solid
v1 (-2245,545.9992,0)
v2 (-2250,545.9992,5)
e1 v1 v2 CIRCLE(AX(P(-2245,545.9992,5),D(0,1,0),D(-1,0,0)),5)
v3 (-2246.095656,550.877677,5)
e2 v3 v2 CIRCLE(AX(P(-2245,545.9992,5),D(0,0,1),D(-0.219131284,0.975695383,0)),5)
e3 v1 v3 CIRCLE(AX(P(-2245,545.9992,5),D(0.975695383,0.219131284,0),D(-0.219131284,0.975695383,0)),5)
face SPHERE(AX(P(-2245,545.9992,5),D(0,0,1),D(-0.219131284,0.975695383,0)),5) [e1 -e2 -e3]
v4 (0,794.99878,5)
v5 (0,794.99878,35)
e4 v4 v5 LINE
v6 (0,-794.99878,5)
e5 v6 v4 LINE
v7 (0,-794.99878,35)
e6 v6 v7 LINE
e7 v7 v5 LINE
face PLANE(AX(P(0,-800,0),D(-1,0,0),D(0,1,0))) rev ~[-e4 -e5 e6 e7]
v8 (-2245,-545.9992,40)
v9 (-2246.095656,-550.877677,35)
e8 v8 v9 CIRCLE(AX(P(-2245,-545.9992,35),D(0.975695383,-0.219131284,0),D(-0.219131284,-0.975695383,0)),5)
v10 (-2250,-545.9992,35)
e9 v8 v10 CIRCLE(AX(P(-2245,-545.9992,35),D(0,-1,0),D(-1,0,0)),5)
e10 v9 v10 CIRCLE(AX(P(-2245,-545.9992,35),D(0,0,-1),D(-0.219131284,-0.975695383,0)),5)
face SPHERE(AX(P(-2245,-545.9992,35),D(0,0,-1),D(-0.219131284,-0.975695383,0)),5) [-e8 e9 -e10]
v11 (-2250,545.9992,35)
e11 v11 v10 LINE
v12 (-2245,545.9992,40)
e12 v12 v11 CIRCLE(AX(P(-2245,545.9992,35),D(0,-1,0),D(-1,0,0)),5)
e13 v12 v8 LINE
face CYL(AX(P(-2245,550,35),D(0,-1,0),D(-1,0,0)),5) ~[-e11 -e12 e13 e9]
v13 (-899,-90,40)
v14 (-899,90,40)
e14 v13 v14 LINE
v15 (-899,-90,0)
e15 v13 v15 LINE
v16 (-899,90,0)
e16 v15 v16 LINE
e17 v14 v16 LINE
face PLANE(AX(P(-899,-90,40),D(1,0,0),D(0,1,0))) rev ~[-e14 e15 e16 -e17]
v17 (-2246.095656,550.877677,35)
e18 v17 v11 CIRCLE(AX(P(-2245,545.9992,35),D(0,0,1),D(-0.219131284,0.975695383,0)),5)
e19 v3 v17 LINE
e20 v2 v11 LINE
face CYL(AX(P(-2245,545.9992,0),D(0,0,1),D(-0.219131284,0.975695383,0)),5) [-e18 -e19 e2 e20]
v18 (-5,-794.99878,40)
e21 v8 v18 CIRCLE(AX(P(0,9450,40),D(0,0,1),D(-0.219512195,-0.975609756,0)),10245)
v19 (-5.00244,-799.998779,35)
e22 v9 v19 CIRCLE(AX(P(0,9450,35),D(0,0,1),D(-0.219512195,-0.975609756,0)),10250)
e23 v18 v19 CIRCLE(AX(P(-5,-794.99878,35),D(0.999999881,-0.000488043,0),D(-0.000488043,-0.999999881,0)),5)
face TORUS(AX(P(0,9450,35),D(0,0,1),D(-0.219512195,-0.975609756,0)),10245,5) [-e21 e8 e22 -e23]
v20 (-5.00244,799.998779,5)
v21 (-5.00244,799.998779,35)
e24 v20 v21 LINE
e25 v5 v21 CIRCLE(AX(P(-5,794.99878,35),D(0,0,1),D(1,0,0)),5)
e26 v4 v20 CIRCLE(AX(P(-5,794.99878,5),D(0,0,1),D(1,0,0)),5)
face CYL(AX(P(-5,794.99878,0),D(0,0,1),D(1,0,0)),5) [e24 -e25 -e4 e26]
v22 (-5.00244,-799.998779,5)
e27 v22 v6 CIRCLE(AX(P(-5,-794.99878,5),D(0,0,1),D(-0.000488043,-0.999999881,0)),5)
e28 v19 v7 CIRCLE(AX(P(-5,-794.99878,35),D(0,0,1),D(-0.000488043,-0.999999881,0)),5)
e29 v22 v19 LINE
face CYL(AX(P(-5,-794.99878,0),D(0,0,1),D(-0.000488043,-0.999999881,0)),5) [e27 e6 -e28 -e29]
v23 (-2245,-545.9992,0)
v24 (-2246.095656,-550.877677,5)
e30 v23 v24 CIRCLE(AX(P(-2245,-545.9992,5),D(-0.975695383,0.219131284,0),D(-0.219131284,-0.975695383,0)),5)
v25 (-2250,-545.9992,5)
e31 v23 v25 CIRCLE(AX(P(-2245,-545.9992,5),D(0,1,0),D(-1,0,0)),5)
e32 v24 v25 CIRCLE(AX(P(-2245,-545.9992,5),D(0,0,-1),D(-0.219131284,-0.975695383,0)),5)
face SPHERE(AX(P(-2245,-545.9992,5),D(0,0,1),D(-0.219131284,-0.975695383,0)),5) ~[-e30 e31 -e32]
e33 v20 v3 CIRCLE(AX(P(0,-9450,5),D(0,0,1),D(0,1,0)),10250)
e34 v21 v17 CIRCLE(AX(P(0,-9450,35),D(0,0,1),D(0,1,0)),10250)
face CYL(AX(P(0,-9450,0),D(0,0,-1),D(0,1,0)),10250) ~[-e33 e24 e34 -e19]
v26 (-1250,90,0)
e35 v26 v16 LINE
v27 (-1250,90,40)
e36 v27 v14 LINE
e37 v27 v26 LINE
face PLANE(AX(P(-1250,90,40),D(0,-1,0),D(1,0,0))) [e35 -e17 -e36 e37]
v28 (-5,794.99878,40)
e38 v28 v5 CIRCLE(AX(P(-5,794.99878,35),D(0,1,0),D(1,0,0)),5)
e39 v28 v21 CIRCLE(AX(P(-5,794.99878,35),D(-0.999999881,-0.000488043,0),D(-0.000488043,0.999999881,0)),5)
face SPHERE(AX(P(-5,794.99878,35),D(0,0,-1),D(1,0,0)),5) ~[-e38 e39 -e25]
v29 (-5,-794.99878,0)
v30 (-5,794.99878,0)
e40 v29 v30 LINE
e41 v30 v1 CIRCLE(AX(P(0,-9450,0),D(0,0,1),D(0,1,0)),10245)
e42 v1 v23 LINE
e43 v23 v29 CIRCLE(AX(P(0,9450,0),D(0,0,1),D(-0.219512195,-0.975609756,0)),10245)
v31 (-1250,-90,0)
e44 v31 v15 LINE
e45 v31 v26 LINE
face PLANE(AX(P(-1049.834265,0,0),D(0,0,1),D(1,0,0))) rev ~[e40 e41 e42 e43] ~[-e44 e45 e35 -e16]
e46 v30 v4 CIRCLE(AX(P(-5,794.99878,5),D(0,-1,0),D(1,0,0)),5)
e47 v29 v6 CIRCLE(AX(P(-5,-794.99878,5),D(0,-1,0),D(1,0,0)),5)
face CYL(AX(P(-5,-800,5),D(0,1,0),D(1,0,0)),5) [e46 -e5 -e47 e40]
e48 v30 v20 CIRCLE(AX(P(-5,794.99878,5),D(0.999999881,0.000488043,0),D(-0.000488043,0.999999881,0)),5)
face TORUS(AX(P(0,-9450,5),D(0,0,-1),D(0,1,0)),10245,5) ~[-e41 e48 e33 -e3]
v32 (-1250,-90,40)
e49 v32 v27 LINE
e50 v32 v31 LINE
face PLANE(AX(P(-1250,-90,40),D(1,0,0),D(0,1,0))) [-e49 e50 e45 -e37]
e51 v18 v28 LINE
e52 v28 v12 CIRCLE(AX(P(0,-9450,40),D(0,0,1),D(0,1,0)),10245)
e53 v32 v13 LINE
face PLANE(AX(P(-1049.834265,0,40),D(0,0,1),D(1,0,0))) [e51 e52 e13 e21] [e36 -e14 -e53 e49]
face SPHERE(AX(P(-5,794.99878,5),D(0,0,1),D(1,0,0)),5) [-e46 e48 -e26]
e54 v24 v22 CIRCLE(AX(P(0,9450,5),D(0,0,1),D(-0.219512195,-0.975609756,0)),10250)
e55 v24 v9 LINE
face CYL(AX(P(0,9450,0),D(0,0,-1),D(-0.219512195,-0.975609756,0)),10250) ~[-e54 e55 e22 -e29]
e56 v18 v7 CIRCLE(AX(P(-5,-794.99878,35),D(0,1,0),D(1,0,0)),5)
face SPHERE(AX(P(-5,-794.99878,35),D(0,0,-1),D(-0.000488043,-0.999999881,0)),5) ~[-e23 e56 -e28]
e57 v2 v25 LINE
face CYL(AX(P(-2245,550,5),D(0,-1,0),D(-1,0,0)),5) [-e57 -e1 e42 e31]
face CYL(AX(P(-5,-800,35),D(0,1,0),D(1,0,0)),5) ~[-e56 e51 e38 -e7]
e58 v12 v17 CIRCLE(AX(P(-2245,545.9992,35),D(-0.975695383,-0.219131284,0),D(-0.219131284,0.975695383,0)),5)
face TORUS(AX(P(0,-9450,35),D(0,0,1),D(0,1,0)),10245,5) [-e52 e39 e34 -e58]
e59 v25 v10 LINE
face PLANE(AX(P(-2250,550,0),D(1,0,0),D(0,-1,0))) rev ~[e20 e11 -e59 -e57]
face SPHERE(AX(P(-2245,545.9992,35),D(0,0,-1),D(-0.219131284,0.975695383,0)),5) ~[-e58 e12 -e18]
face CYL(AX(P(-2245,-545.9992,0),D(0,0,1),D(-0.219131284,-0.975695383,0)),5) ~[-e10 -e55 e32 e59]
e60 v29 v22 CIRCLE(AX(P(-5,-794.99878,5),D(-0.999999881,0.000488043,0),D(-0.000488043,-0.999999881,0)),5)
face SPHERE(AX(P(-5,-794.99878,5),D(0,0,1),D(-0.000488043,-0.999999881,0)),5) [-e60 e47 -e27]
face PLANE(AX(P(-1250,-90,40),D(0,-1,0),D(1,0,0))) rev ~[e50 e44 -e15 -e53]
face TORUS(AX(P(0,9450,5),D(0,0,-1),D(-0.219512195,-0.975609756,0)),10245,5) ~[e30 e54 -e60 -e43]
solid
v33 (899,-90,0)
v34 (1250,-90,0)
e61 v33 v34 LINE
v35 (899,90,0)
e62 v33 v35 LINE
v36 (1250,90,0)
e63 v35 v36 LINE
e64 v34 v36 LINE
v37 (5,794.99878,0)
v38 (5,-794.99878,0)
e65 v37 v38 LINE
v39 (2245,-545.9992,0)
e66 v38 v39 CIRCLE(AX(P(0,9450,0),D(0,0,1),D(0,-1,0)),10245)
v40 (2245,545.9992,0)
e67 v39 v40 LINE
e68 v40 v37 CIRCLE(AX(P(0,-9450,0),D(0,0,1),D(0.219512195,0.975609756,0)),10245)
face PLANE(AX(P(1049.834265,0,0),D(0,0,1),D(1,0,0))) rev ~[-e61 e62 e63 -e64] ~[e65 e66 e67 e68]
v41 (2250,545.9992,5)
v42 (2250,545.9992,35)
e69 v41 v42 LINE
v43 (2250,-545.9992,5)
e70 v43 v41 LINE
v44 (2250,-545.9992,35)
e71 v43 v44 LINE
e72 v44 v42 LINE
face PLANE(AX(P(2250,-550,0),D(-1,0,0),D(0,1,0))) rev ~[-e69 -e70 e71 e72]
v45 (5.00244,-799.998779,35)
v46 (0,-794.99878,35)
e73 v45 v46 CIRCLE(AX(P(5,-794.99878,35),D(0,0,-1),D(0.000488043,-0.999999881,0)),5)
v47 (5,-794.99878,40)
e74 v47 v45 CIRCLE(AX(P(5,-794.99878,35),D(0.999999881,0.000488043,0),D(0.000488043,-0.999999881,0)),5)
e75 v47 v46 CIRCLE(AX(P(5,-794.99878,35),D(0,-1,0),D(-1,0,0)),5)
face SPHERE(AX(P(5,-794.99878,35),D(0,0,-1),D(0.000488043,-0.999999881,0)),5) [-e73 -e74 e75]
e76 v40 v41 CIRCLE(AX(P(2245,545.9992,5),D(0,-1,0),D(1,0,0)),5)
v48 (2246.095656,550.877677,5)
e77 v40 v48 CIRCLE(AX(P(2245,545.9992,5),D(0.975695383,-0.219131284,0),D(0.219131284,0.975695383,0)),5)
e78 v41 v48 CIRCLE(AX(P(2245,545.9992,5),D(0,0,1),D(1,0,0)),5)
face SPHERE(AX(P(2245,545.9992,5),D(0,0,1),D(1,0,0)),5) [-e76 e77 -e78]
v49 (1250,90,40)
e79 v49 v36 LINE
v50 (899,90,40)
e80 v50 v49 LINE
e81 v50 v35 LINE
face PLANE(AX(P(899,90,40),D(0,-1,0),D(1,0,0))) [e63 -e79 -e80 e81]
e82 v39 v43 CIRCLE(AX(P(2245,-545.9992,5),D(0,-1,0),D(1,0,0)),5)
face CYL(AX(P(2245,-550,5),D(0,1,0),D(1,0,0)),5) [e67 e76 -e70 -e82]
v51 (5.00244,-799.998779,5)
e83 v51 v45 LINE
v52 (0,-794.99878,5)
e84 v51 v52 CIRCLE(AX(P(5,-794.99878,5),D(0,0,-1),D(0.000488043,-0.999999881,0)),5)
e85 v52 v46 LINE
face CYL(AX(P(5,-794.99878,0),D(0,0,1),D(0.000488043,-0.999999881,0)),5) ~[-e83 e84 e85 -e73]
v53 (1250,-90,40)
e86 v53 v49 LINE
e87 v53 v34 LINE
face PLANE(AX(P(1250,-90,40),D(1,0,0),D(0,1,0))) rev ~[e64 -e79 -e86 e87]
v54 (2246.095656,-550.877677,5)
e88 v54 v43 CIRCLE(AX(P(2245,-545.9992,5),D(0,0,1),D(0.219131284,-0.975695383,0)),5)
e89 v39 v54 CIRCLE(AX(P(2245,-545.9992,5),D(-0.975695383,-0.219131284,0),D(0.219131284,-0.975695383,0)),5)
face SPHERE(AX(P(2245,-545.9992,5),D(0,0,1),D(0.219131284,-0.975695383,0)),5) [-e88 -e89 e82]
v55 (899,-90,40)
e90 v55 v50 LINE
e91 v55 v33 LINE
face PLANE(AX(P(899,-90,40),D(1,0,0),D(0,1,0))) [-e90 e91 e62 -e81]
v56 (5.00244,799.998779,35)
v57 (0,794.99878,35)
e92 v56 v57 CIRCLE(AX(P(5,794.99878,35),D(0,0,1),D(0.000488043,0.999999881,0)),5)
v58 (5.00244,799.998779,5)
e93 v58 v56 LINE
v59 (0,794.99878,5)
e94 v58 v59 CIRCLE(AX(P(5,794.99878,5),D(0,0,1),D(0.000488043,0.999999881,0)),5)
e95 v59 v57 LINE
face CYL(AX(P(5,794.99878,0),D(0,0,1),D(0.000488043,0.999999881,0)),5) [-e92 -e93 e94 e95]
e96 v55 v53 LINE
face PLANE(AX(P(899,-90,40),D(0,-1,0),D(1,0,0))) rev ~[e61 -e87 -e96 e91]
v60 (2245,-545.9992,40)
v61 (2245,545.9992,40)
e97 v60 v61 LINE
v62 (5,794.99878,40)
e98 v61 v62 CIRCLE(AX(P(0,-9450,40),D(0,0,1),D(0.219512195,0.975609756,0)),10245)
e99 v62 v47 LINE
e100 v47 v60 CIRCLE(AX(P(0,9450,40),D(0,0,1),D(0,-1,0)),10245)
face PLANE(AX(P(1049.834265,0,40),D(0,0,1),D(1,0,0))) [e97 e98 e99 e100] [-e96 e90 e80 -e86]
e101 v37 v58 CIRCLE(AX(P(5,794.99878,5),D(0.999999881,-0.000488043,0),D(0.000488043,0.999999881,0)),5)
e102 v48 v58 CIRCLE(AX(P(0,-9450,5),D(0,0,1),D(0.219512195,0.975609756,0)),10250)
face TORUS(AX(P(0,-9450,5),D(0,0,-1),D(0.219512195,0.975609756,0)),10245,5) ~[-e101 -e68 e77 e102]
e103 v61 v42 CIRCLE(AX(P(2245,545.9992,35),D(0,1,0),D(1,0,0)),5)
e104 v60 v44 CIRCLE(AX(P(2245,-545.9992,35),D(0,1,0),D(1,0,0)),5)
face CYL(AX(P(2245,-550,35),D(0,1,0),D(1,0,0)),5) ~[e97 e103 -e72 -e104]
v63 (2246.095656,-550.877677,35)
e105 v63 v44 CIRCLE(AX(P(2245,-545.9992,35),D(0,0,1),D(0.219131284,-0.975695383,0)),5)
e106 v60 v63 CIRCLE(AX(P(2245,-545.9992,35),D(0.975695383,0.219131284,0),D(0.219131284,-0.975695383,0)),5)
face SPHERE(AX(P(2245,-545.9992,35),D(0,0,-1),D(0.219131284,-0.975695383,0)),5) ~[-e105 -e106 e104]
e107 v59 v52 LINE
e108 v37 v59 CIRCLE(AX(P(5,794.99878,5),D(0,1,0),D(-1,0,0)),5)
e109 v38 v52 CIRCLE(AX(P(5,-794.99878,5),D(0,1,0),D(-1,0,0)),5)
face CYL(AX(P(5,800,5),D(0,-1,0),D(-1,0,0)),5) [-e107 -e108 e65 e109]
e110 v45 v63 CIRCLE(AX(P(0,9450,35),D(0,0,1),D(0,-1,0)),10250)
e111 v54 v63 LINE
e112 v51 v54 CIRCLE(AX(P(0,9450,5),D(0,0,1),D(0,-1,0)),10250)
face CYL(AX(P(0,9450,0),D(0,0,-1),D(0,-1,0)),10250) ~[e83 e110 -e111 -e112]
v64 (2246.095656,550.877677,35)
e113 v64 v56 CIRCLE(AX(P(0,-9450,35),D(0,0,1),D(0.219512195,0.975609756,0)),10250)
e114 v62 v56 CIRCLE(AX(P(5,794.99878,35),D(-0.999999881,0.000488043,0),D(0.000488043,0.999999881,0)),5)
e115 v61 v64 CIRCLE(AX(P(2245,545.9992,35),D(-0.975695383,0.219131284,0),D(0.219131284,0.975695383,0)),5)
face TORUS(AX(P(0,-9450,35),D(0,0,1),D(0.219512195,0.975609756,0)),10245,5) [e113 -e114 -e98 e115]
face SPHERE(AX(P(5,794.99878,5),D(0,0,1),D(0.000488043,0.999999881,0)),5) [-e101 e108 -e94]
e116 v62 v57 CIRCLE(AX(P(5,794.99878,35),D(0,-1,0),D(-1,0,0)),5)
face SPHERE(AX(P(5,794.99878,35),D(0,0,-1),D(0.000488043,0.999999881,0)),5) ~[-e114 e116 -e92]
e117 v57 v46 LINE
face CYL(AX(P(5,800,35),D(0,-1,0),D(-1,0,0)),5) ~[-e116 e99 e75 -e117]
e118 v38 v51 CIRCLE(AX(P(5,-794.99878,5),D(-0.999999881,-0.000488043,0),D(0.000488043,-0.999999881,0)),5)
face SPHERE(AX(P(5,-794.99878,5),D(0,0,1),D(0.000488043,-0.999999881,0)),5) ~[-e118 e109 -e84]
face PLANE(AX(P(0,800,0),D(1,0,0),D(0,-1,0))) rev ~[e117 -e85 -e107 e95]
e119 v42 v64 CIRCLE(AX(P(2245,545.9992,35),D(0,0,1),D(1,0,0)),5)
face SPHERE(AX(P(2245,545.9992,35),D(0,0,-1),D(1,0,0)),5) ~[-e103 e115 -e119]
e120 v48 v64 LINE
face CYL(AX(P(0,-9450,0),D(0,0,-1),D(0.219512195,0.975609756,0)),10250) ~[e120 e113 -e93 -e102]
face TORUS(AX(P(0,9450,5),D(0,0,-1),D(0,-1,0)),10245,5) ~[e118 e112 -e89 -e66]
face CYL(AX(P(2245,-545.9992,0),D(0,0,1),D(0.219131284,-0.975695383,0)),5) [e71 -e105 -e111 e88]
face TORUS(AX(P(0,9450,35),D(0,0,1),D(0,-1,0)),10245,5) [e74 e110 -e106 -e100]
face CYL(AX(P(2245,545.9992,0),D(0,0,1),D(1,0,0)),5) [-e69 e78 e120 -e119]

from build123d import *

# Parameters (mm, degrees)
F1_DEPTH = 40
F2_DEPTH = 40
F3_R     = 5
F4_R     = 5
F5_W     = 351
F5_H     = 180
F6_DEPTH = 40
F7_W     = 351
F7_H     = 180
F8_DEPTH = 40.0010001


with BuildPart() as f1:
    # F0 (on Top) → F1 (new body)
    with BuildSketch(Plane.XY):
        with BuildLine():
            ThreePointArc((0, -800), (1131.9231422672, -737.3082804046), (2250, -550))
            Line((2250, -550), (2250, 550))
            ThreePointArc((2250, 550), (1131.9231422672, 737.3082804046), (0, 800))
            Line((0, 800), (0, -800))
        make_face()
    extrude(amount=F1_DEPTH)

    # F3
    f3_edges = [f1.edges().sort_by_distance(p)[0] for p in [
        (2250, -550, 20),
        (2250, 550, 20),
        (0, -800, 20),
        (0, 800, 20),
        (1131.923142, -737.30828, 40),
        (2250, 0, 40),
        (1131.923142, 737.30828, 40),
        (0, 0, 40),
        (1131.923142, -737.30828, 0),
        (2250, 0, 0),
        (1131.923142, 737.30828, 0),
        (0, 0, 0),
    ]]
    fillet(f3_edges, radius=F3_R)

    # F5 (on face) → F6 (cut)
    with BuildSketch(Plane.XY.offset(40)):
        with Locations((1074.5, 0)):
            Rectangle(F5_W, F5_H)
    extrude(amount=-F6_DEPTH, mode=Mode.SUBTRACT)


with BuildPart() as f2:
    # F0 (on Top) → F2 (new body)
    with BuildSketch(Plane.XY):
        with BuildLine():
            ThreePointArc((-2250, -550), (-1131.9231422672, -737.3082804046), (0, -800))
            Line((0, -800), (0, 800))
            ThreePointArc((0, 800), (-1131.9231422672, 737.3082804046), (-2250, 550))
            Line((-2250, 550), (-2250, -550))
        make_face()
    extrude(amount=F2_DEPTH)

    # F4
    f4_edges = [f2.edges().sort_by_distance(p)[0] for p in [
        (0, -800, 20),
        (-2250, -550, 20),
        (-2250, 550, 20),
        (0, 800, 20),
        (-1131.923142, -737.30828, 40),
        (0, 0, 40),
        (-1131.923142, 737.30828, 40),
        (-2250, 0, 40),
        (-1131.923142, -737.30828, 0),
        (0, 0, 0),
        (-1131.923142, 737.30828, 0),
        (-2250, 0, 0),
    ]]
    fillet(f4_edges, radius=F4_R)

    # F7 (on face) → F8 (cut, through all)
    with BuildSketch(Plane.XY.offset(40)):
        with Locations((-1074.5, 0)):
            Rectangle(F7_W, F7_H)
    extrude(amount=-F8_DEPTH, mode=Mode.SUBTRACT)


solid = Compound([f1.part, f2.part])
